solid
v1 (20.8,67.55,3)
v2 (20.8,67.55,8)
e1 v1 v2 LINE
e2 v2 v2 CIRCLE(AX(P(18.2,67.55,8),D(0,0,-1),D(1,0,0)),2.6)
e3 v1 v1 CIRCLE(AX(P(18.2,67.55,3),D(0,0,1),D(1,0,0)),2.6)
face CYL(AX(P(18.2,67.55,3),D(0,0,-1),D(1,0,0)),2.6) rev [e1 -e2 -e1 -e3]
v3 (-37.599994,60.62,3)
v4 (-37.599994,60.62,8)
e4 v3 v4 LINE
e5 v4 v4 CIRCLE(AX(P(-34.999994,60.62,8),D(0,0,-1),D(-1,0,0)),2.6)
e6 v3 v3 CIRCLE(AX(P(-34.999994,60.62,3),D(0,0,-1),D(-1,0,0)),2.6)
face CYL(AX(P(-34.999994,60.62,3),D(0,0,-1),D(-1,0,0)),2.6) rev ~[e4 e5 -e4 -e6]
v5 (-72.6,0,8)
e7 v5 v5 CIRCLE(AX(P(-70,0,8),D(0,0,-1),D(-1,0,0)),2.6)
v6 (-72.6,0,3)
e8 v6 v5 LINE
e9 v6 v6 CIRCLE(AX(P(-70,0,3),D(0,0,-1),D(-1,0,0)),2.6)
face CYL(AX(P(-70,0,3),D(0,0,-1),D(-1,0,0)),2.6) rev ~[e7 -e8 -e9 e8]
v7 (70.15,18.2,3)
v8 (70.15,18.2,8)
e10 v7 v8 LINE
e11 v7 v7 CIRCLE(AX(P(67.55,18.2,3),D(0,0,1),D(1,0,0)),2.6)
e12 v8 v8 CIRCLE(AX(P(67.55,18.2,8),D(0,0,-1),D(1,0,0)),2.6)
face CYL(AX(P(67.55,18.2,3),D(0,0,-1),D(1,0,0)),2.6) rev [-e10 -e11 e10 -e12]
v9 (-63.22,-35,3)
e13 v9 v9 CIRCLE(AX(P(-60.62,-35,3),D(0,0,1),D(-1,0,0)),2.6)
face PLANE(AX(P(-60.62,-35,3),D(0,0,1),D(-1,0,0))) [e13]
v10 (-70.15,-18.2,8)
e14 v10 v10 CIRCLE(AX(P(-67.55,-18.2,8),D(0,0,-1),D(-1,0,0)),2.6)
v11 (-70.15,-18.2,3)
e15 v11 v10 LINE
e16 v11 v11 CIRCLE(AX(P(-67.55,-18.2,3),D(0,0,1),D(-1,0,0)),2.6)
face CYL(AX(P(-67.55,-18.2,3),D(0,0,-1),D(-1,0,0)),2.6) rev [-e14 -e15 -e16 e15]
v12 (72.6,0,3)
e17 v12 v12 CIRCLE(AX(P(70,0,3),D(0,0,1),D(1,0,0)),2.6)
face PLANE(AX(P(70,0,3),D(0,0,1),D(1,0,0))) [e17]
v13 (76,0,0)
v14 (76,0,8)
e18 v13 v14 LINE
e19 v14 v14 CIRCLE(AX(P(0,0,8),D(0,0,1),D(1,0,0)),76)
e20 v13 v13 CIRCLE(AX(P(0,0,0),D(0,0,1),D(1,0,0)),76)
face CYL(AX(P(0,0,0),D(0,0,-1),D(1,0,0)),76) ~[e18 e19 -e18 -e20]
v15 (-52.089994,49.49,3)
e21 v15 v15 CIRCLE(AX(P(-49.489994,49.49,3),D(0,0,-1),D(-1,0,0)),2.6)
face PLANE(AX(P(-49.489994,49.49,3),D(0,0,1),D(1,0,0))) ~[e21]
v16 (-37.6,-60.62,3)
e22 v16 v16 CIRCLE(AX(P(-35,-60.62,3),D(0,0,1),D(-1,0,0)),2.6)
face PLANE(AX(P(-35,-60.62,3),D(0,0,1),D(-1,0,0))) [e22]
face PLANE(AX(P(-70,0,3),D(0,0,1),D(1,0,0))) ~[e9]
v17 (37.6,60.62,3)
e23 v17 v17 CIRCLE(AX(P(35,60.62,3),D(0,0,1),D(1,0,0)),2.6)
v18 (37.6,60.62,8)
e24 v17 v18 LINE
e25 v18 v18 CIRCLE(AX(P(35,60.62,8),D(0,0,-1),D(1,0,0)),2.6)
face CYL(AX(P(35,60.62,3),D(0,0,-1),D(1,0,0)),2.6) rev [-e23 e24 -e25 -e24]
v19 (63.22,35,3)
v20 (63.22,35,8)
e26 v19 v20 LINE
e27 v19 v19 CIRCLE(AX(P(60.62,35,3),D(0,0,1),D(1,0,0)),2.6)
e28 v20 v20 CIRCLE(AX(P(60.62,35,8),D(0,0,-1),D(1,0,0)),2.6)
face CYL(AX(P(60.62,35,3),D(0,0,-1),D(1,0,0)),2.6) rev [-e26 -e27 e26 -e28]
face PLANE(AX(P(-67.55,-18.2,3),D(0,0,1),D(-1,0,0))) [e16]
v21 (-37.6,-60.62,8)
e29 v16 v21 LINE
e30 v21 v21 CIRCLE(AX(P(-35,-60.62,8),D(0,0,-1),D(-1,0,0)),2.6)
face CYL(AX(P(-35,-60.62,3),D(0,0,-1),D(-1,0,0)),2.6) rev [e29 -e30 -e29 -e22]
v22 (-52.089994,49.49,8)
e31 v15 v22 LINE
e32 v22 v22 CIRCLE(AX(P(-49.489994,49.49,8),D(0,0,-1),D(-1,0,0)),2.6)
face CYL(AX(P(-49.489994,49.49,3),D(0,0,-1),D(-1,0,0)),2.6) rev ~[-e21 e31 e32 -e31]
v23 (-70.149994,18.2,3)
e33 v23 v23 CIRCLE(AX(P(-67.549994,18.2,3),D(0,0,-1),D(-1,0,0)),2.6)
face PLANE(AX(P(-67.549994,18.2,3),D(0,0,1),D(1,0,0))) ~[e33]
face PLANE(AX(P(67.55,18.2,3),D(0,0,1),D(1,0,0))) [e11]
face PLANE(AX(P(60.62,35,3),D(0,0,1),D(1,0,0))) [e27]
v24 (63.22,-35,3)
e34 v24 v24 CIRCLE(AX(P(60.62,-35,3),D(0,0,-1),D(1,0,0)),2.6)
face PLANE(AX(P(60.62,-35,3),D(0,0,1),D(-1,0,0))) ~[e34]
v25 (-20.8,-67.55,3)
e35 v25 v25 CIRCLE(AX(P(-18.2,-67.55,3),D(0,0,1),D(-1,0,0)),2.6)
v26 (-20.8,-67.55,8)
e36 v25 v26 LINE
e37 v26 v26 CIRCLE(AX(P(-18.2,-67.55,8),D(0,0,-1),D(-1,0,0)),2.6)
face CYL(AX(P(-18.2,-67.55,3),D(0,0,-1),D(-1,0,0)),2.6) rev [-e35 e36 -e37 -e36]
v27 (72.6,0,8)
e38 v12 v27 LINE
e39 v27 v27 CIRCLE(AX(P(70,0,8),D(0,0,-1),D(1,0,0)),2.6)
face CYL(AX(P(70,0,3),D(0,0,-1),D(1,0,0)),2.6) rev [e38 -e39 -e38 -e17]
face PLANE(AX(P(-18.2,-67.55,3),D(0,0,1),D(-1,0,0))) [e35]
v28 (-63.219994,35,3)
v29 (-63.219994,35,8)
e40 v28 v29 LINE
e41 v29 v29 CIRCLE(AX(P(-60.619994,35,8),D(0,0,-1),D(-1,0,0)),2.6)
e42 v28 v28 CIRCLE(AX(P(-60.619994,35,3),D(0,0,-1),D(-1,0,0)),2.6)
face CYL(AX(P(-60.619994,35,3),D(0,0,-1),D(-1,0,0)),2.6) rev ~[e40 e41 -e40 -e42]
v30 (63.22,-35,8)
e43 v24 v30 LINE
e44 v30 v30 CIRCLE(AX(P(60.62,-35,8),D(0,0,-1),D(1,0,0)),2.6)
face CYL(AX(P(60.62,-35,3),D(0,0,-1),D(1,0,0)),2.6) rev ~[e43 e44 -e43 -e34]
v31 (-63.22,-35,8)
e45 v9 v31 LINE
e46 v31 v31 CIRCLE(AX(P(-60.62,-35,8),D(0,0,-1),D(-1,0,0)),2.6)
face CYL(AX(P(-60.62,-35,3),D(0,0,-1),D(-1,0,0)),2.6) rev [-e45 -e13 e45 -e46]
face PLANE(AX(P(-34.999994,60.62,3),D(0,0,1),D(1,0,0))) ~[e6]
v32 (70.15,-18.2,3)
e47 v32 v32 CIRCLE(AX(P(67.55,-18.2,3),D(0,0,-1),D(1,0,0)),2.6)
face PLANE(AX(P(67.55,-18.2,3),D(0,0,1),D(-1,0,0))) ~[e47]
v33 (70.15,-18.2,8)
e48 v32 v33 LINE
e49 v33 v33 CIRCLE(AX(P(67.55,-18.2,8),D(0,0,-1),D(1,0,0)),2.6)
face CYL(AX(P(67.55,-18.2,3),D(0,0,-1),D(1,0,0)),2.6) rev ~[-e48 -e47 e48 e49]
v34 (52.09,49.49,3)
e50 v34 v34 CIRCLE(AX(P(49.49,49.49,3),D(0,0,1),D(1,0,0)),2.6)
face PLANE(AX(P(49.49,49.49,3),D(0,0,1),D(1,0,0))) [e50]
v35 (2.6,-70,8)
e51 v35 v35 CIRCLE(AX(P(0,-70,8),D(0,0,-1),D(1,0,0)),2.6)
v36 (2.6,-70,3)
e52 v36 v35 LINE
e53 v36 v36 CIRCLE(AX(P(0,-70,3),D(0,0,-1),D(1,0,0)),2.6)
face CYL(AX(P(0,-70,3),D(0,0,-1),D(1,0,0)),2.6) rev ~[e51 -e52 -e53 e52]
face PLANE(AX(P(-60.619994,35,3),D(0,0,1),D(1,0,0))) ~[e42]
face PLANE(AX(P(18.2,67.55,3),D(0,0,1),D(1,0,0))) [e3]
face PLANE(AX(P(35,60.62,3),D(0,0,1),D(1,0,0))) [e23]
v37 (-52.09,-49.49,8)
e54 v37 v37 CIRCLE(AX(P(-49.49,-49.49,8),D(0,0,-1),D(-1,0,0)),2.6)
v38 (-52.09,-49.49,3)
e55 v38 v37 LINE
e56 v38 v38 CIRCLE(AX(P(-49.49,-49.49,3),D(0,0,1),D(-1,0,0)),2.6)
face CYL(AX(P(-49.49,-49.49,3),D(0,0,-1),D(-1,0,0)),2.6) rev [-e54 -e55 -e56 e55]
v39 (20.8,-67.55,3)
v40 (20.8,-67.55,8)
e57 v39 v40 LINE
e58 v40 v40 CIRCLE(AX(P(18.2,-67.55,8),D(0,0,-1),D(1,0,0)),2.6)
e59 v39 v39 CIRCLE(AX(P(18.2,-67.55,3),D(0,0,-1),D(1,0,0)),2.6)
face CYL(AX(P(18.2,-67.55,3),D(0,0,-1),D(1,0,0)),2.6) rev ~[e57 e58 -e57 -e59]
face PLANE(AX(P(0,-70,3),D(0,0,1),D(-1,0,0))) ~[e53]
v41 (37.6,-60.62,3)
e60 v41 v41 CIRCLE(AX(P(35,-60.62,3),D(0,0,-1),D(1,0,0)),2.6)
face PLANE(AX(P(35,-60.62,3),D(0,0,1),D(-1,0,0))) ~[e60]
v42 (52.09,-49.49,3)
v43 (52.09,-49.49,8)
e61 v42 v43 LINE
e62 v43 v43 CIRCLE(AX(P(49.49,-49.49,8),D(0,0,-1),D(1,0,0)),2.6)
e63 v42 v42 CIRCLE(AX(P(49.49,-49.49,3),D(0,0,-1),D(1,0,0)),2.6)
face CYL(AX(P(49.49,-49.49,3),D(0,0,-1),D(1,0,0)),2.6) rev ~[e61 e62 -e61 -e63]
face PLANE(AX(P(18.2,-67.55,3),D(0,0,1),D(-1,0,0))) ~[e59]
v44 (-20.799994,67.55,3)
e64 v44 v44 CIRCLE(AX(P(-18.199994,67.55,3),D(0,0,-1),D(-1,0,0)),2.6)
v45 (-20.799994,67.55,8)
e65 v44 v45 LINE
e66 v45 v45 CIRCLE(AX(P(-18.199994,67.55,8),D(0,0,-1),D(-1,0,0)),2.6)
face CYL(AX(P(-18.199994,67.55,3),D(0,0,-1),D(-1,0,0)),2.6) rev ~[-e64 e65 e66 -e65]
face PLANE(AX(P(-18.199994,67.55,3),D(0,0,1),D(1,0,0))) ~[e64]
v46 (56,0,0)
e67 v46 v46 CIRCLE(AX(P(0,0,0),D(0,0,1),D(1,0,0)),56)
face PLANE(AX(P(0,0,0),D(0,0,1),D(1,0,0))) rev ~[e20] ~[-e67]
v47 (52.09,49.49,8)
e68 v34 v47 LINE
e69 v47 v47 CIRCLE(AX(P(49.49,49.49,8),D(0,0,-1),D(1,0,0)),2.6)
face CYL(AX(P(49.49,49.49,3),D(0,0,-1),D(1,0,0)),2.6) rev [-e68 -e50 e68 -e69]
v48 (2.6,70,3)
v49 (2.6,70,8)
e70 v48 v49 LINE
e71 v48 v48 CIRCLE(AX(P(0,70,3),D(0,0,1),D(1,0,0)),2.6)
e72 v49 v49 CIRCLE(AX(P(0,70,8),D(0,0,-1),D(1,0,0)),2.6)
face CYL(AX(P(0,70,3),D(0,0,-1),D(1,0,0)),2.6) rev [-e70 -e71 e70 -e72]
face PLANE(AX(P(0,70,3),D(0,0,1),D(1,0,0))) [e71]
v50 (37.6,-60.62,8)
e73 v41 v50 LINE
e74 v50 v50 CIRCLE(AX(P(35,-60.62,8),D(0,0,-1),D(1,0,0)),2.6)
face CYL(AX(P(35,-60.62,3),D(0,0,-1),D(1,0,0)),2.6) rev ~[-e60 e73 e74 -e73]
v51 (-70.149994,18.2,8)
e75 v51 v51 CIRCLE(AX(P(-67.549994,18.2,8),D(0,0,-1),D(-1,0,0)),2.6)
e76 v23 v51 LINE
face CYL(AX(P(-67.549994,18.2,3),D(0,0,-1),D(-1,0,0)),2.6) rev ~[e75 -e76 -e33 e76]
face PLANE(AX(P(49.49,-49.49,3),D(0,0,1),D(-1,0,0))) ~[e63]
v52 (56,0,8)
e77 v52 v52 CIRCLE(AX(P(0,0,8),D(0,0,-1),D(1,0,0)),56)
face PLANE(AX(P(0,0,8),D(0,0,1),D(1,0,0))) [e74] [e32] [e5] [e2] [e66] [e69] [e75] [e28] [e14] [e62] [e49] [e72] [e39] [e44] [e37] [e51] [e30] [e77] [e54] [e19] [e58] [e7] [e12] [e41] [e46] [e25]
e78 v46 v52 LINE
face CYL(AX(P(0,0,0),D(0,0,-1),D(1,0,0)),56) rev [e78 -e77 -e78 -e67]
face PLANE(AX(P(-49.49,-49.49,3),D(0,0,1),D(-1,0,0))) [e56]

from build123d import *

# Parameters (mm, degrees)
CYLINDER001002001001_R           = 2.6
CYLINDER001002001001_DEPTH       = 20
CYLINDER001002001001001_R        = 2.6
CYLINDER001002001001001_DEPTH    = 20
CYLINDER001002001001001001_R     = 2.6
CYLINDER001002001001001001_DEPTH = 26
CYLINDER001002_R                 = 2.6
CYLINDER001002_DEPTH             = 20
CYLINDER001002001_R              = 2.6
CYLINDER001002001_DEPTH          = 20
CYLINDER001_R                    = 2.6
CYLINDER001_DEPTH                = 20
CYLINDER001001_R                 = 2.6
CYLINDER001001_DEPTH             = 20
CYLINDER002_R                    = 56
CYLINDER002_DEPTH                = 10
CYLINDER_R                       = 76
CYLINDER_DEPTH                   = 8


with BuildPart() as pole003:
    # Cylinder001002001001 → Cylinder001002001001 (new body)
    with BuildSketch(Plane(origin=(60.62, 35, 3), x_dir=(1, 0, 0), z_dir=(0, 0, 1))):
        Circle(CYLINDER001002001001_R)
    extrude(amount=CYLINDER001002001001_DEPTH)


with BuildPart() as pole004:
    # Cylinder001002001001001 → Cylinder001002001001001 (new body)
    with BuildSketch(Plane(origin=(49.49, 49.49, 3), x_dir=(1, 0, 0), z_dir=(0, 0, 1))):
        Circle(CYLINDER001002001001001_R)
    extrude(amount=CYLINDER001002001001001_DEPTH)


with BuildPart() as pole005:
    # Cylinder001002001001001001 → Cylinder001002001001001001 (new body)
    with BuildSketch(Plane(origin=(35, 60.62, 3), x_dir=(1, 0, 0), z_dir=(0, 0, 1))):
        Circle(CYLINDER001002001001001001_R)
    extrude(amount=CYLINDER001002001001001001_DEPTH)


with BuildPart() as cylinder001002:
    # Cylinder001002 → Cylinder001002 (new body)
    with BuildSketch(Plane(origin=(18.2, 67.55, 3), x_dir=(1, 0, 0), z_dir=(0, 0, 1))):
        Circle(CYLINDER001002_R)
    extrude(amount=CYLINDER001002_DEPTH)


with BuildPart() as pole2:
    # Cylinder001002001 → Cylinder001002001 (new body)
    with BuildSketch(Plane(origin=(67.55, 18.2, 3), x_dir=(1, 0, 0), z_dir=(0, 0, 1))):
        Circle(CYLINDER001002001_R)
    extrude(amount=CYLINDER001002001_DEPTH)


with BuildPart() as fusion:
    # Fusion base: copy of pole2
    add(pole2.part)

    # Fusion: union pole003, pole004, pole005, Cylinder001002
    add(pole003.part)
    add(pole004.part)
    add(pole005.part)
    add(cylinder001002.part)


with BuildPart() as part_mirroring:
    # Part__Mirroring: instance of Fusion
    add(fusion.part.mirror(Plane(origin=(0, 0, 0), x_dir=(1, 0, 0), z_dir=(0, 1, 0))))


with BuildPart() as pole1:
    # Cylinder001 → Cylinder001 (new body)
    with BuildSketch(Plane(origin=(70, 0, 3), x_dir=(1, 0, 0), z_dir=(0, 0, 1))):
        Circle(CYLINDER001_R)
    extrude(amount=CYLINDER001_DEPTH)


with BuildPart() as part_mirroring001:
    # Part__Mirroring001: instance of Fusion
    add(fusion.part.mirror(Plane(origin=(3e-06, 42.766762, 16), x_dir=(0, -1, 0), z_dir=(1, 0, 0))))


with BuildPart() as part_mirroring003:
    # Part__Mirroring003: instance of pole1
    add(pole1.part.mirror(Plane(origin=(0, 0, 0), x_dir=(0, -1, 0), z_dir=(1, 0, 0))))


with BuildPart() as part_mirroring002:
    # Part__Mirroring002: instance of Part__Mirroring
    add(part_mirroring.part.mirror(Plane(origin=(0, 0, 0), x_dir=(0, -1, 0), z_dir=(1, 0, 0))))


with BuildPart() as cylinder001001:
    # Cylinder001001 → Cylinder001001 (new body)
    with BuildSketch(Plane(origin=(0, 70, 3), x_dir=(1, 0, 0), z_dir=(0, 0, 1))):
        Circle(CYLINDER001001_R)
    extrude(amount=CYLINDER001001_DEPTH)


with BuildPart() as part_mirroring004:
    # Part__Mirroring004: instance of Cylinder001001
    add(cylinder001001.part.mirror(Plane(origin=(0, 0, 0), x_dir=(1, 0, 0), z_dir=(0, 1, 0))))


with BuildPart() as fusion001:
    # Fusion001 base: copy of Cylinder001001
    add(cylinder001001.part)

    # Fusion001: union Part__Mirroring, pole1, Fusion, pole2, pole003, pole004, pole005, Cylinder001002, Part__Mirroring001, Part__Mirroring003, Part__Mirroring002, Part__Mirroring004
    add(part_mirroring.part)
    add(pole1.part)
    add(fusion.part)
    add(pole2.part)
    add(pole003.part)
    add(pole004.part)
    add(pole005.part)
    add(cylinder001002.part)
    add(part_mirroring001.part)
    add(part_mirroring003.part)
    add(part_mirroring002.part)
    add(part_mirroring004.part)


with BuildPart() as cylinder002:
    # Cylinder002 → Cylinder002 (new body)
    with BuildSketch(Plane.XY):
        Circle(CYLINDER002_R)
    extrude(amount=CYLINDER002_DEPTH)


with BuildPart() as cut001:
    # Cylinder → Cylinder (new body)
    with BuildSketch(Plane.XY):
        Circle(CYLINDER_R)
    extrude(amount=CYLINDER_DEPTH)

    # Cut: cut Cylinder002
    add(cylinder002.part, mode=Mode.SUBTRACT)

    # Cut001: cut Fusion001
    add(fusion001.part, mode=Mode.SUBTRACT)


solid = cut001.part
